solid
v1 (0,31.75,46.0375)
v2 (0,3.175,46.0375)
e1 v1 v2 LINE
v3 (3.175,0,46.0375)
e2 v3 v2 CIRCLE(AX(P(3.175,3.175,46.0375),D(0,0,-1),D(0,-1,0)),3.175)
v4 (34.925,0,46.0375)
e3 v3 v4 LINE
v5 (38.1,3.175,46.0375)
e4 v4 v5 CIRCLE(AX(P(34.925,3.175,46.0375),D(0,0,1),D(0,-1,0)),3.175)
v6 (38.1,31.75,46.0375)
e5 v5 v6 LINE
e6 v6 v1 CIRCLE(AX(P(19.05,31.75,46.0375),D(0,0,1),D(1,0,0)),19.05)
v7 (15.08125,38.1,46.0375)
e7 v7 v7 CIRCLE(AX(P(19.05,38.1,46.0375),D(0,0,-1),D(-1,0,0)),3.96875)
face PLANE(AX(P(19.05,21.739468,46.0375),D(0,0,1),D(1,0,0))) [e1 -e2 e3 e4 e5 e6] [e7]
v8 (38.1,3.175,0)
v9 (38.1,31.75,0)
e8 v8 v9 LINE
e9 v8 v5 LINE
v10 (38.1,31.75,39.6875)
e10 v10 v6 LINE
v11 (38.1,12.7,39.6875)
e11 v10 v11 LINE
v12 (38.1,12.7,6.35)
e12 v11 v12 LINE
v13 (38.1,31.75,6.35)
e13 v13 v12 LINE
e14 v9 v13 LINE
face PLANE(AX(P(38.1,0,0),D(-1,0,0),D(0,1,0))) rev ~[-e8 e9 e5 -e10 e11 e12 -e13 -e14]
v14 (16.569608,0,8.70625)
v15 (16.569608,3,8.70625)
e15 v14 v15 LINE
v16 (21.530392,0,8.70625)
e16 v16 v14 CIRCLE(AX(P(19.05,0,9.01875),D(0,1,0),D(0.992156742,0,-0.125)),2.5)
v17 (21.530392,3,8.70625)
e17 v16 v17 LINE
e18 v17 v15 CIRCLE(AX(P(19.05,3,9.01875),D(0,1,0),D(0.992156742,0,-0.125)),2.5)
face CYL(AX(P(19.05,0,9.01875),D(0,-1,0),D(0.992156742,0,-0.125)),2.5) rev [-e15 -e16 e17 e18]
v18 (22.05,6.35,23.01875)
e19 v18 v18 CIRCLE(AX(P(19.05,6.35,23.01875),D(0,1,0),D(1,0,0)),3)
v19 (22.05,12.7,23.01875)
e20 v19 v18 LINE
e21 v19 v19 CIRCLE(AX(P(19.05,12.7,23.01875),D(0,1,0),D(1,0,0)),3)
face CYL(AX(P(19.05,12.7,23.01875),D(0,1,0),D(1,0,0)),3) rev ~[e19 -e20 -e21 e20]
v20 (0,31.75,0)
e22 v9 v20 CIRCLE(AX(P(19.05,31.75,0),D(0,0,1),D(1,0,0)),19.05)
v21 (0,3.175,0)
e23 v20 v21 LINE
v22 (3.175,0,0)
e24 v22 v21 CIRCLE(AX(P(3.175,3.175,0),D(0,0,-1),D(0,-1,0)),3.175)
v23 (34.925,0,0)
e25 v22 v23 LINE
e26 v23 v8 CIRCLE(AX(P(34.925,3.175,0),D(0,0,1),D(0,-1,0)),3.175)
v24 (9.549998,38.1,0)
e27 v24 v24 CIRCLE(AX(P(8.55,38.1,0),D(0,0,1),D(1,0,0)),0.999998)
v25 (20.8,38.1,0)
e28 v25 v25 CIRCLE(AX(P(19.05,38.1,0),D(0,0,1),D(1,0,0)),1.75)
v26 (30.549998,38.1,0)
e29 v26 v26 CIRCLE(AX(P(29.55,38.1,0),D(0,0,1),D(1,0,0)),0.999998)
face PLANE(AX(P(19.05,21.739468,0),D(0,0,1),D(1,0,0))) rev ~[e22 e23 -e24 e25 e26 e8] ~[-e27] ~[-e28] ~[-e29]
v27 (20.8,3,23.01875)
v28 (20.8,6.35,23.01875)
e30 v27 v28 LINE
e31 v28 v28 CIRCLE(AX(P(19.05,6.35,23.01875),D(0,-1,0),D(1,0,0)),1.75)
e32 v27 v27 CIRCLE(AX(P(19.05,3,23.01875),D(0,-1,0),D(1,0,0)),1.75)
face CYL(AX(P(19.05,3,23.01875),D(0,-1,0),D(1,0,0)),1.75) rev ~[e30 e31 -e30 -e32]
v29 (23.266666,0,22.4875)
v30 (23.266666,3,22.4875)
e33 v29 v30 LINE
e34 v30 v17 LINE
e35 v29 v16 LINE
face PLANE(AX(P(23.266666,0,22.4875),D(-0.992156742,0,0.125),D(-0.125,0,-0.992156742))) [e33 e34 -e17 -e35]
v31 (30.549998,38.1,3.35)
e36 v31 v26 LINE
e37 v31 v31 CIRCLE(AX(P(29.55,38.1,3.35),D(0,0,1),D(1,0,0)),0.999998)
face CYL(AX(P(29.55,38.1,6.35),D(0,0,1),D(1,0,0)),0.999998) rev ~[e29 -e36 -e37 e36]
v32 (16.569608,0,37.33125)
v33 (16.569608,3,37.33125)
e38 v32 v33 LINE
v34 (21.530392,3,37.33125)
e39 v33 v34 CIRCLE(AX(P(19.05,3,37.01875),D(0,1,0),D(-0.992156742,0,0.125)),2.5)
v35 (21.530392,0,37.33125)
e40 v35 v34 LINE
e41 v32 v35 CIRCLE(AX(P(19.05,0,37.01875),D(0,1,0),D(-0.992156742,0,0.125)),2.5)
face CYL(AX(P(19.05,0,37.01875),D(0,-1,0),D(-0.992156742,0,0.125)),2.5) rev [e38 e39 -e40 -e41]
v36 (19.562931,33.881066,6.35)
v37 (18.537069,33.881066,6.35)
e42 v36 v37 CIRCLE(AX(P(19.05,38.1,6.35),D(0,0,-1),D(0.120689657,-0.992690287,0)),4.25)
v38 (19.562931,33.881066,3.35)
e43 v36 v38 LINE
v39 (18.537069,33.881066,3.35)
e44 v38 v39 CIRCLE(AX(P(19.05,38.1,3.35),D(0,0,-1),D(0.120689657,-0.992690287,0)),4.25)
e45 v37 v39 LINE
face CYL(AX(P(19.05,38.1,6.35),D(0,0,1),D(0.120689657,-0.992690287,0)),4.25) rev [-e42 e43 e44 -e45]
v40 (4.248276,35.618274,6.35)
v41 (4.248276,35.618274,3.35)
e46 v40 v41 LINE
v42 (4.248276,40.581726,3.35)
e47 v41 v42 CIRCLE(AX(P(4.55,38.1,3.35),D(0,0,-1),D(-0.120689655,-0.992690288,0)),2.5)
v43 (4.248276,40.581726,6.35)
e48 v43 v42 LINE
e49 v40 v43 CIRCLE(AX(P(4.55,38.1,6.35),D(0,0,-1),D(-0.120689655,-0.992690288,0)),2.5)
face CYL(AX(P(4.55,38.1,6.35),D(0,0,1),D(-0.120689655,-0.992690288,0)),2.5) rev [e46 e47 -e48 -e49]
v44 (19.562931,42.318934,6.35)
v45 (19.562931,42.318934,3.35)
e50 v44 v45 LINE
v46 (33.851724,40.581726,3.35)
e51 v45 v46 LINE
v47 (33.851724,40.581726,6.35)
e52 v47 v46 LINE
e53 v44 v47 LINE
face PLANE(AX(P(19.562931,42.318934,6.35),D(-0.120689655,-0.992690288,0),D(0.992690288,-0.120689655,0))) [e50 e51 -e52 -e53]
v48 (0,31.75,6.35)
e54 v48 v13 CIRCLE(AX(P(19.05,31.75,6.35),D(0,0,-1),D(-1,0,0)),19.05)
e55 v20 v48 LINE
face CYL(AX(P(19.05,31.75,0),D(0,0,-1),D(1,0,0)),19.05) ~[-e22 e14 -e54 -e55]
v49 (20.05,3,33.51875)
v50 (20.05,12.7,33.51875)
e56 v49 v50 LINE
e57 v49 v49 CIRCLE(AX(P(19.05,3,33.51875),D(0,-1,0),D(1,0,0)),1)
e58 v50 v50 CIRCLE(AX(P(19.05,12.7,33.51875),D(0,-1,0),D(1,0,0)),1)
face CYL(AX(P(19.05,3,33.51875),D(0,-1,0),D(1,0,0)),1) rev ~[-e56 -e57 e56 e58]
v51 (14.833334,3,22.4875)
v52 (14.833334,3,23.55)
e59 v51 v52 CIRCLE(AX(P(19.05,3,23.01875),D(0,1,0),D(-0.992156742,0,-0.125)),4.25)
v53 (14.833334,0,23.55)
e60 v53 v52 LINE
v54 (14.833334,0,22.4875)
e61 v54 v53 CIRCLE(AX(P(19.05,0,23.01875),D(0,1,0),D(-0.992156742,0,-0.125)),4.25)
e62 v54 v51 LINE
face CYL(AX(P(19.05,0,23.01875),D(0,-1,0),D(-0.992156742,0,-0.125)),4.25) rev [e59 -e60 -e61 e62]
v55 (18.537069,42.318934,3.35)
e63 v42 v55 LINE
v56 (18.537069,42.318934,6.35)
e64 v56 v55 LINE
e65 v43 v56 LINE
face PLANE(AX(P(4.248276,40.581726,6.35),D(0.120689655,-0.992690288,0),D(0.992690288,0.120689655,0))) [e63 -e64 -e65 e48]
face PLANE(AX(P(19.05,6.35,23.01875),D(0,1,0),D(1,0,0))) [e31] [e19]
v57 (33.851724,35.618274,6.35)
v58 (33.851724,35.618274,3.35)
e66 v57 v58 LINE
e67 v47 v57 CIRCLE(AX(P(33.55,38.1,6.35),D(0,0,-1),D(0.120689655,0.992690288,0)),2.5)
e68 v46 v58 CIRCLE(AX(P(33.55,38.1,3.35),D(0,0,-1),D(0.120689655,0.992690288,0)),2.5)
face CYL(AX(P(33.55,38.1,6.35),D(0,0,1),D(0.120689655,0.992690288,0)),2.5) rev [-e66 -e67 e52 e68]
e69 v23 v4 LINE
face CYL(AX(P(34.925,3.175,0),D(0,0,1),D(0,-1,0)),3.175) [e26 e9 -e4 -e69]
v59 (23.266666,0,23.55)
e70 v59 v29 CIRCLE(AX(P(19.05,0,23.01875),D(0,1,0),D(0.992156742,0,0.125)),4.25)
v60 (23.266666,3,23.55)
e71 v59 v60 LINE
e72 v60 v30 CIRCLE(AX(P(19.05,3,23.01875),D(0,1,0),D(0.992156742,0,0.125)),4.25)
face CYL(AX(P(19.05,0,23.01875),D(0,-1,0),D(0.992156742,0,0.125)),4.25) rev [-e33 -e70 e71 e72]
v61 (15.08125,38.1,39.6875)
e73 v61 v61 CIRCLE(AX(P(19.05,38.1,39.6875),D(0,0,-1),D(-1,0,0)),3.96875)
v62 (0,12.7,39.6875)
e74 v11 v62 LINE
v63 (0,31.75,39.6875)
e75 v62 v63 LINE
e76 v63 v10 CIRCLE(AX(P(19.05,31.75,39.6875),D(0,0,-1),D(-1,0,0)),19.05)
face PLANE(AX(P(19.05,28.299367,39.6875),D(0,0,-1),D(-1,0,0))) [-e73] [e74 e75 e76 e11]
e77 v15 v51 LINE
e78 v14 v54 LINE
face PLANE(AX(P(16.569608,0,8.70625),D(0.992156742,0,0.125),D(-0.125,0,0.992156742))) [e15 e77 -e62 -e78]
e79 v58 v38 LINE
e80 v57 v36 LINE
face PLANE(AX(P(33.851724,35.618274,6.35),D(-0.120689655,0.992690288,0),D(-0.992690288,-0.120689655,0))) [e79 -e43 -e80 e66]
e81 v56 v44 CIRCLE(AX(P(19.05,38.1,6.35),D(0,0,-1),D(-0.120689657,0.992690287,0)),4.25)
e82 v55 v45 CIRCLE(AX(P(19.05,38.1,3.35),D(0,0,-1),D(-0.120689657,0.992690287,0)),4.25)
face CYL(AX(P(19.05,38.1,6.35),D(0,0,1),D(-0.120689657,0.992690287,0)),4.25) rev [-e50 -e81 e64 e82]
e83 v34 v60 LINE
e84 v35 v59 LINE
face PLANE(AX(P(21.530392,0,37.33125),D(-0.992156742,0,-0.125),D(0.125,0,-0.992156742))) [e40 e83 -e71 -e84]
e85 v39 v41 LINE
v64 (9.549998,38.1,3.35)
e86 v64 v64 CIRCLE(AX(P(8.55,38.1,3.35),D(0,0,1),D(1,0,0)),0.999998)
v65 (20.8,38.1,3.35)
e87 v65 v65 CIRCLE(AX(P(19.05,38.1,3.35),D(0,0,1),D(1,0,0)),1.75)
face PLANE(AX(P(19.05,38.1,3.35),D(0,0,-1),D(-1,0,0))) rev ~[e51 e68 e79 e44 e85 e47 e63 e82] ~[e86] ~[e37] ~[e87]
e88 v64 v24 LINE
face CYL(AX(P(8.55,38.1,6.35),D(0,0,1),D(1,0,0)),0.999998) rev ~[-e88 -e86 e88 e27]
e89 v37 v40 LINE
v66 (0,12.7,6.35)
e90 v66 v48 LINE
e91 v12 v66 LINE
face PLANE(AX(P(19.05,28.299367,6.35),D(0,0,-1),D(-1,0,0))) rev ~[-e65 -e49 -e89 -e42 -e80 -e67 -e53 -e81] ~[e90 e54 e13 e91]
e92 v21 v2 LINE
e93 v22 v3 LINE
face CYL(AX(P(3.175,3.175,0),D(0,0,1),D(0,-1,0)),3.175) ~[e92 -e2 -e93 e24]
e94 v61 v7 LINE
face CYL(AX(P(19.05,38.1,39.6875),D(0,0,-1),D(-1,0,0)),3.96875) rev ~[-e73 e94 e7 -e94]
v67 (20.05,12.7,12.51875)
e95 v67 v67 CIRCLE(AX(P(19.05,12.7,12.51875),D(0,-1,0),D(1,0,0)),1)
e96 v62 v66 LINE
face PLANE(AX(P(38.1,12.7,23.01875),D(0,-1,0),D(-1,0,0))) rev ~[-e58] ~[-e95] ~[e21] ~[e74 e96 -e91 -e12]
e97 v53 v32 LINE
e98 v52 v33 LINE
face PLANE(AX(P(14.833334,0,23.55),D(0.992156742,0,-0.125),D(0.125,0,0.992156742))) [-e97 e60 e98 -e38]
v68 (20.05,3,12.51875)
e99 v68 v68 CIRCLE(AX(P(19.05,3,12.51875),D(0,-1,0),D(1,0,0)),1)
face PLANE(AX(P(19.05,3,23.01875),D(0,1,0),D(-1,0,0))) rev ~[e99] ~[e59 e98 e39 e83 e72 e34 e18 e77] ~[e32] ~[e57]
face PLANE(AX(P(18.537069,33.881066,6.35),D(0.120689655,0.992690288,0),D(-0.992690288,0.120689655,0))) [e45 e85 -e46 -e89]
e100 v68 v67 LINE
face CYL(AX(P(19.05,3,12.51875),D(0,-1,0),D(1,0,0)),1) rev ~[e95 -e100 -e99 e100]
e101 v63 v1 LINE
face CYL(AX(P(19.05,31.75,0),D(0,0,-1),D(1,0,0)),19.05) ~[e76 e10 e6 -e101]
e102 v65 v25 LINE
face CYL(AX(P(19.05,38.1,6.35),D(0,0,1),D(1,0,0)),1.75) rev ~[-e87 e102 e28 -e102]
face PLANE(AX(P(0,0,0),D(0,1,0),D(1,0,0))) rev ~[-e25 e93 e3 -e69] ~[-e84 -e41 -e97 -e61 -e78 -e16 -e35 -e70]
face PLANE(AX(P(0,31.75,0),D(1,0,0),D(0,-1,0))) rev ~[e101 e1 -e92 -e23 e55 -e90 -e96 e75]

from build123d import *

# Parameters (mm, degrees)
BOSS_EXTRUDE1_DEPTH = 46.0375
FILLET1_R           = 3.175
CUT_EXTRUDE1_DEPTH  = 16.66875
SKETCH3_R           = 0.999998
SKETCH3_R_2         = 1.75
CUT_EXTRUDE2_DEPTH  = 6.35
SKETCH4_R           = 3.96875
CUT_EXTRUDE3_DEPTH  = 6.35
CUT_EXTRUDE4_DEPTH  = 3
SKETCH6_R           = 1.75
SKETCH6_R_2         = 1
CUT_EXTRUDE5_DEPTH  = 9.7
SKETCH7_R           = 3
CUT_EXTRUDE6_DEPTH  = 6.35
SKETCH9_R           = 0.999998
SKETCH9_R_2         = 1.75
CUT_EXTRUDE7_DEPTH  = 3


with BuildPart() as part:
    # Sketch1 → Boss-Extrude1 (new body)
    with BuildSketch(Plane.XY):
        with BuildLine():
            Line((0, 0), (38.1, 0))
            Line((38.1, 0), (38.1, 31.75))
            ThreePointArc((38.1, 31.75), (19.05, 50.8), (0, 31.75))
            Line((0, 31.75), (0, 0))
        make_face()
    extrude(amount=BOSS_EXTRUDE1_DEPTH)

    # Fillet1
    fillet1_edges = [part.edges().sort_by_distance(p)[0] for p in [
        (38.1, 0, 23.01875),
        (0, 0, 23.01875),
    ]]
    fillet(fillet1_edges, radius=FILLET1_R)

    # Sketch2 → Cut-Extrude1 (cut, symmetric)
    with BuildSketch(Plane(origin=(0, 0, 23.01875), x_dir=(-1, 0, 0), z_dir=(0, 0, -1))):
        with BuildLine():
            Line((-38.1, 31.75), (-38.1, 12.7))
            Line((-38.1, 12.7), (0, 12.7))
            Line((0, 12.7), (0, 31.75))
            ThreePointArc((0, 31.75), (-19.05, 50.8), (-38.1, 31.75))
        make_face()
    extrude(amount=CUT_EXTRUDE1_DEPTH, both=True, mode=Mode.SUBTRACT)

    # Sketch3 → Cut-Extrude2 (cut)
    with BuildSketch(Plane.XY.offset(6.35)):
        with Locations((8.55, 38.1)):
            Circle(SKETCH3_R)
        with Locations((29.55, 38.1)):
            Circle(SKETCH3_R)
        with Locations((19.05, 38.1)):
            Circle(SKETCH3_R_2)
    extrude(amount=-CUT_EXTRUDE2_DEPTH, mode=Mode.SUBTRACT)

    # Sketch4 → Cut-Extrude3 (cut)
    with BuildSketch(Plane(origin=(0, 0, 39.6875), x_dir=(-1, 0, 0), z_dir=(0, 0, -1))):
        with Locations((-19.05, 38.1)):
            Circle(SKETCH4_R)
    extrude(amount=-CUT_EXTRUDE3_DEPTH, mode=Mode.SUBTRACT)

    # Sketch5 → Cut-Extrude4 (cut)
    with BuildSketch(Plane.XZ):
        with BuildLine():
            Line((23.266666152, 22.4875), (21.530391854, 8.70625))
            ThreePointArc((21.530391854, 8.70625), (19.05, 6.51875), (16.569608146, 8.70625))
            Line((16.569608146, 8.70625), (14.833333848, 22.4875))
            ThreePointArc((14.833333848, 22.4875), (14.8, 23.01875), (14.833333848, 23.55))
            Line((14.833333848, 23.55), (16.569608146, 37.33125))
            ThreePointArc((16.569608146, 37.33125), (19.05, 39.51875), (21.530391854, 37.33125))
            Line((21.530391854, 37.33125), (23.266666152, 23.55))
            ThreePointArc((23.266666152, 23.55), (23.3, 23.01875), (23.266666152, 22.4875))
        make_face()
    extrude(amount=-CUT_EXTRUDE4_DEPTH, mode=Mode.SUBTRACT)

    # Sketch6 → Cut-Extrude5 (cut)
    with BuildSketch(Plane.XZ.offset(-3)):
        with Locations((19.05, 23.01875)):
            Circle(SKETCH6_R)
        with Locations((19.05, 33.51875)):
            Circle(SKETCH6_R_2)
        with Locations((19.05, 12.51875)):
            Circle(SKETCH6_R_2)
    extrude(amount=-CUT_EXTRUDE5_DEPTH, mode=Mode.SUBTRACT)

    # Sketch7 → Cut-Extrude6 (cut)
    with BuildSketch(Plane(origin=(0, 12.7, 0), x_dir=(1, 0, 0), z_dir=(0, 1, 0))):
        with Locations((19.05, -23.01875)):
            Circle(SKETCH7_R)
    extrude(amount=-CUT_EXTRUDE6_DEPTH, mode=Mode.SUBTRACT)

    # Sketch9 → Cut-Extrude7 (cut)
    with BuildSketch(Plane.XY.offset(6.35)):
        with BuildLine():
            Line((4.248275862, 40.581725719), (18.537068966, 42.318933722))
            ThreePointArc((18.537068966, 42.318933722), (19.05, 42.35), (19.562931034, 42.318933722))
            Line((19.562931034, 42.318933722), (33.851724138, 40.581725719))
            ThreePointArc((33.851724138, 40.581725719), (36.05, 38.1), (33.851724138, 35.618274281))
            Line((33.851724138, 35.618274281), (19.562931034, 33.881066278))
            ThreePointArc((19.562931034, 33.881066278), (19.05, 33.85), (18.537068966, 33.881066278))
            Line((18.537068966, 33.881066278), (4.248275862, 35.618274281))
            ThreePointArc((4.248275862, 35.618274281), (2.05, 38.1), (4.248275862, 40.581725719))
        make_face()
        with Locations((8.55, 38.1)):
            Circle(SKETCH9_R, mode=Mode.SUBTRACT)
        with Locations((29.55, 38.1)):
            Circle(SKETCH9_R, mode=Mode.SUBTRACT)
        with Locations((19.05, 38.1)):
            Circle(SKETCH9_R_2, mode=Mode.SUBTRACT)
    extrude(amount=-CUT_EXTRUDE7_DEPTH, mode=Mode.SUBTRACT)


solid = part.part
